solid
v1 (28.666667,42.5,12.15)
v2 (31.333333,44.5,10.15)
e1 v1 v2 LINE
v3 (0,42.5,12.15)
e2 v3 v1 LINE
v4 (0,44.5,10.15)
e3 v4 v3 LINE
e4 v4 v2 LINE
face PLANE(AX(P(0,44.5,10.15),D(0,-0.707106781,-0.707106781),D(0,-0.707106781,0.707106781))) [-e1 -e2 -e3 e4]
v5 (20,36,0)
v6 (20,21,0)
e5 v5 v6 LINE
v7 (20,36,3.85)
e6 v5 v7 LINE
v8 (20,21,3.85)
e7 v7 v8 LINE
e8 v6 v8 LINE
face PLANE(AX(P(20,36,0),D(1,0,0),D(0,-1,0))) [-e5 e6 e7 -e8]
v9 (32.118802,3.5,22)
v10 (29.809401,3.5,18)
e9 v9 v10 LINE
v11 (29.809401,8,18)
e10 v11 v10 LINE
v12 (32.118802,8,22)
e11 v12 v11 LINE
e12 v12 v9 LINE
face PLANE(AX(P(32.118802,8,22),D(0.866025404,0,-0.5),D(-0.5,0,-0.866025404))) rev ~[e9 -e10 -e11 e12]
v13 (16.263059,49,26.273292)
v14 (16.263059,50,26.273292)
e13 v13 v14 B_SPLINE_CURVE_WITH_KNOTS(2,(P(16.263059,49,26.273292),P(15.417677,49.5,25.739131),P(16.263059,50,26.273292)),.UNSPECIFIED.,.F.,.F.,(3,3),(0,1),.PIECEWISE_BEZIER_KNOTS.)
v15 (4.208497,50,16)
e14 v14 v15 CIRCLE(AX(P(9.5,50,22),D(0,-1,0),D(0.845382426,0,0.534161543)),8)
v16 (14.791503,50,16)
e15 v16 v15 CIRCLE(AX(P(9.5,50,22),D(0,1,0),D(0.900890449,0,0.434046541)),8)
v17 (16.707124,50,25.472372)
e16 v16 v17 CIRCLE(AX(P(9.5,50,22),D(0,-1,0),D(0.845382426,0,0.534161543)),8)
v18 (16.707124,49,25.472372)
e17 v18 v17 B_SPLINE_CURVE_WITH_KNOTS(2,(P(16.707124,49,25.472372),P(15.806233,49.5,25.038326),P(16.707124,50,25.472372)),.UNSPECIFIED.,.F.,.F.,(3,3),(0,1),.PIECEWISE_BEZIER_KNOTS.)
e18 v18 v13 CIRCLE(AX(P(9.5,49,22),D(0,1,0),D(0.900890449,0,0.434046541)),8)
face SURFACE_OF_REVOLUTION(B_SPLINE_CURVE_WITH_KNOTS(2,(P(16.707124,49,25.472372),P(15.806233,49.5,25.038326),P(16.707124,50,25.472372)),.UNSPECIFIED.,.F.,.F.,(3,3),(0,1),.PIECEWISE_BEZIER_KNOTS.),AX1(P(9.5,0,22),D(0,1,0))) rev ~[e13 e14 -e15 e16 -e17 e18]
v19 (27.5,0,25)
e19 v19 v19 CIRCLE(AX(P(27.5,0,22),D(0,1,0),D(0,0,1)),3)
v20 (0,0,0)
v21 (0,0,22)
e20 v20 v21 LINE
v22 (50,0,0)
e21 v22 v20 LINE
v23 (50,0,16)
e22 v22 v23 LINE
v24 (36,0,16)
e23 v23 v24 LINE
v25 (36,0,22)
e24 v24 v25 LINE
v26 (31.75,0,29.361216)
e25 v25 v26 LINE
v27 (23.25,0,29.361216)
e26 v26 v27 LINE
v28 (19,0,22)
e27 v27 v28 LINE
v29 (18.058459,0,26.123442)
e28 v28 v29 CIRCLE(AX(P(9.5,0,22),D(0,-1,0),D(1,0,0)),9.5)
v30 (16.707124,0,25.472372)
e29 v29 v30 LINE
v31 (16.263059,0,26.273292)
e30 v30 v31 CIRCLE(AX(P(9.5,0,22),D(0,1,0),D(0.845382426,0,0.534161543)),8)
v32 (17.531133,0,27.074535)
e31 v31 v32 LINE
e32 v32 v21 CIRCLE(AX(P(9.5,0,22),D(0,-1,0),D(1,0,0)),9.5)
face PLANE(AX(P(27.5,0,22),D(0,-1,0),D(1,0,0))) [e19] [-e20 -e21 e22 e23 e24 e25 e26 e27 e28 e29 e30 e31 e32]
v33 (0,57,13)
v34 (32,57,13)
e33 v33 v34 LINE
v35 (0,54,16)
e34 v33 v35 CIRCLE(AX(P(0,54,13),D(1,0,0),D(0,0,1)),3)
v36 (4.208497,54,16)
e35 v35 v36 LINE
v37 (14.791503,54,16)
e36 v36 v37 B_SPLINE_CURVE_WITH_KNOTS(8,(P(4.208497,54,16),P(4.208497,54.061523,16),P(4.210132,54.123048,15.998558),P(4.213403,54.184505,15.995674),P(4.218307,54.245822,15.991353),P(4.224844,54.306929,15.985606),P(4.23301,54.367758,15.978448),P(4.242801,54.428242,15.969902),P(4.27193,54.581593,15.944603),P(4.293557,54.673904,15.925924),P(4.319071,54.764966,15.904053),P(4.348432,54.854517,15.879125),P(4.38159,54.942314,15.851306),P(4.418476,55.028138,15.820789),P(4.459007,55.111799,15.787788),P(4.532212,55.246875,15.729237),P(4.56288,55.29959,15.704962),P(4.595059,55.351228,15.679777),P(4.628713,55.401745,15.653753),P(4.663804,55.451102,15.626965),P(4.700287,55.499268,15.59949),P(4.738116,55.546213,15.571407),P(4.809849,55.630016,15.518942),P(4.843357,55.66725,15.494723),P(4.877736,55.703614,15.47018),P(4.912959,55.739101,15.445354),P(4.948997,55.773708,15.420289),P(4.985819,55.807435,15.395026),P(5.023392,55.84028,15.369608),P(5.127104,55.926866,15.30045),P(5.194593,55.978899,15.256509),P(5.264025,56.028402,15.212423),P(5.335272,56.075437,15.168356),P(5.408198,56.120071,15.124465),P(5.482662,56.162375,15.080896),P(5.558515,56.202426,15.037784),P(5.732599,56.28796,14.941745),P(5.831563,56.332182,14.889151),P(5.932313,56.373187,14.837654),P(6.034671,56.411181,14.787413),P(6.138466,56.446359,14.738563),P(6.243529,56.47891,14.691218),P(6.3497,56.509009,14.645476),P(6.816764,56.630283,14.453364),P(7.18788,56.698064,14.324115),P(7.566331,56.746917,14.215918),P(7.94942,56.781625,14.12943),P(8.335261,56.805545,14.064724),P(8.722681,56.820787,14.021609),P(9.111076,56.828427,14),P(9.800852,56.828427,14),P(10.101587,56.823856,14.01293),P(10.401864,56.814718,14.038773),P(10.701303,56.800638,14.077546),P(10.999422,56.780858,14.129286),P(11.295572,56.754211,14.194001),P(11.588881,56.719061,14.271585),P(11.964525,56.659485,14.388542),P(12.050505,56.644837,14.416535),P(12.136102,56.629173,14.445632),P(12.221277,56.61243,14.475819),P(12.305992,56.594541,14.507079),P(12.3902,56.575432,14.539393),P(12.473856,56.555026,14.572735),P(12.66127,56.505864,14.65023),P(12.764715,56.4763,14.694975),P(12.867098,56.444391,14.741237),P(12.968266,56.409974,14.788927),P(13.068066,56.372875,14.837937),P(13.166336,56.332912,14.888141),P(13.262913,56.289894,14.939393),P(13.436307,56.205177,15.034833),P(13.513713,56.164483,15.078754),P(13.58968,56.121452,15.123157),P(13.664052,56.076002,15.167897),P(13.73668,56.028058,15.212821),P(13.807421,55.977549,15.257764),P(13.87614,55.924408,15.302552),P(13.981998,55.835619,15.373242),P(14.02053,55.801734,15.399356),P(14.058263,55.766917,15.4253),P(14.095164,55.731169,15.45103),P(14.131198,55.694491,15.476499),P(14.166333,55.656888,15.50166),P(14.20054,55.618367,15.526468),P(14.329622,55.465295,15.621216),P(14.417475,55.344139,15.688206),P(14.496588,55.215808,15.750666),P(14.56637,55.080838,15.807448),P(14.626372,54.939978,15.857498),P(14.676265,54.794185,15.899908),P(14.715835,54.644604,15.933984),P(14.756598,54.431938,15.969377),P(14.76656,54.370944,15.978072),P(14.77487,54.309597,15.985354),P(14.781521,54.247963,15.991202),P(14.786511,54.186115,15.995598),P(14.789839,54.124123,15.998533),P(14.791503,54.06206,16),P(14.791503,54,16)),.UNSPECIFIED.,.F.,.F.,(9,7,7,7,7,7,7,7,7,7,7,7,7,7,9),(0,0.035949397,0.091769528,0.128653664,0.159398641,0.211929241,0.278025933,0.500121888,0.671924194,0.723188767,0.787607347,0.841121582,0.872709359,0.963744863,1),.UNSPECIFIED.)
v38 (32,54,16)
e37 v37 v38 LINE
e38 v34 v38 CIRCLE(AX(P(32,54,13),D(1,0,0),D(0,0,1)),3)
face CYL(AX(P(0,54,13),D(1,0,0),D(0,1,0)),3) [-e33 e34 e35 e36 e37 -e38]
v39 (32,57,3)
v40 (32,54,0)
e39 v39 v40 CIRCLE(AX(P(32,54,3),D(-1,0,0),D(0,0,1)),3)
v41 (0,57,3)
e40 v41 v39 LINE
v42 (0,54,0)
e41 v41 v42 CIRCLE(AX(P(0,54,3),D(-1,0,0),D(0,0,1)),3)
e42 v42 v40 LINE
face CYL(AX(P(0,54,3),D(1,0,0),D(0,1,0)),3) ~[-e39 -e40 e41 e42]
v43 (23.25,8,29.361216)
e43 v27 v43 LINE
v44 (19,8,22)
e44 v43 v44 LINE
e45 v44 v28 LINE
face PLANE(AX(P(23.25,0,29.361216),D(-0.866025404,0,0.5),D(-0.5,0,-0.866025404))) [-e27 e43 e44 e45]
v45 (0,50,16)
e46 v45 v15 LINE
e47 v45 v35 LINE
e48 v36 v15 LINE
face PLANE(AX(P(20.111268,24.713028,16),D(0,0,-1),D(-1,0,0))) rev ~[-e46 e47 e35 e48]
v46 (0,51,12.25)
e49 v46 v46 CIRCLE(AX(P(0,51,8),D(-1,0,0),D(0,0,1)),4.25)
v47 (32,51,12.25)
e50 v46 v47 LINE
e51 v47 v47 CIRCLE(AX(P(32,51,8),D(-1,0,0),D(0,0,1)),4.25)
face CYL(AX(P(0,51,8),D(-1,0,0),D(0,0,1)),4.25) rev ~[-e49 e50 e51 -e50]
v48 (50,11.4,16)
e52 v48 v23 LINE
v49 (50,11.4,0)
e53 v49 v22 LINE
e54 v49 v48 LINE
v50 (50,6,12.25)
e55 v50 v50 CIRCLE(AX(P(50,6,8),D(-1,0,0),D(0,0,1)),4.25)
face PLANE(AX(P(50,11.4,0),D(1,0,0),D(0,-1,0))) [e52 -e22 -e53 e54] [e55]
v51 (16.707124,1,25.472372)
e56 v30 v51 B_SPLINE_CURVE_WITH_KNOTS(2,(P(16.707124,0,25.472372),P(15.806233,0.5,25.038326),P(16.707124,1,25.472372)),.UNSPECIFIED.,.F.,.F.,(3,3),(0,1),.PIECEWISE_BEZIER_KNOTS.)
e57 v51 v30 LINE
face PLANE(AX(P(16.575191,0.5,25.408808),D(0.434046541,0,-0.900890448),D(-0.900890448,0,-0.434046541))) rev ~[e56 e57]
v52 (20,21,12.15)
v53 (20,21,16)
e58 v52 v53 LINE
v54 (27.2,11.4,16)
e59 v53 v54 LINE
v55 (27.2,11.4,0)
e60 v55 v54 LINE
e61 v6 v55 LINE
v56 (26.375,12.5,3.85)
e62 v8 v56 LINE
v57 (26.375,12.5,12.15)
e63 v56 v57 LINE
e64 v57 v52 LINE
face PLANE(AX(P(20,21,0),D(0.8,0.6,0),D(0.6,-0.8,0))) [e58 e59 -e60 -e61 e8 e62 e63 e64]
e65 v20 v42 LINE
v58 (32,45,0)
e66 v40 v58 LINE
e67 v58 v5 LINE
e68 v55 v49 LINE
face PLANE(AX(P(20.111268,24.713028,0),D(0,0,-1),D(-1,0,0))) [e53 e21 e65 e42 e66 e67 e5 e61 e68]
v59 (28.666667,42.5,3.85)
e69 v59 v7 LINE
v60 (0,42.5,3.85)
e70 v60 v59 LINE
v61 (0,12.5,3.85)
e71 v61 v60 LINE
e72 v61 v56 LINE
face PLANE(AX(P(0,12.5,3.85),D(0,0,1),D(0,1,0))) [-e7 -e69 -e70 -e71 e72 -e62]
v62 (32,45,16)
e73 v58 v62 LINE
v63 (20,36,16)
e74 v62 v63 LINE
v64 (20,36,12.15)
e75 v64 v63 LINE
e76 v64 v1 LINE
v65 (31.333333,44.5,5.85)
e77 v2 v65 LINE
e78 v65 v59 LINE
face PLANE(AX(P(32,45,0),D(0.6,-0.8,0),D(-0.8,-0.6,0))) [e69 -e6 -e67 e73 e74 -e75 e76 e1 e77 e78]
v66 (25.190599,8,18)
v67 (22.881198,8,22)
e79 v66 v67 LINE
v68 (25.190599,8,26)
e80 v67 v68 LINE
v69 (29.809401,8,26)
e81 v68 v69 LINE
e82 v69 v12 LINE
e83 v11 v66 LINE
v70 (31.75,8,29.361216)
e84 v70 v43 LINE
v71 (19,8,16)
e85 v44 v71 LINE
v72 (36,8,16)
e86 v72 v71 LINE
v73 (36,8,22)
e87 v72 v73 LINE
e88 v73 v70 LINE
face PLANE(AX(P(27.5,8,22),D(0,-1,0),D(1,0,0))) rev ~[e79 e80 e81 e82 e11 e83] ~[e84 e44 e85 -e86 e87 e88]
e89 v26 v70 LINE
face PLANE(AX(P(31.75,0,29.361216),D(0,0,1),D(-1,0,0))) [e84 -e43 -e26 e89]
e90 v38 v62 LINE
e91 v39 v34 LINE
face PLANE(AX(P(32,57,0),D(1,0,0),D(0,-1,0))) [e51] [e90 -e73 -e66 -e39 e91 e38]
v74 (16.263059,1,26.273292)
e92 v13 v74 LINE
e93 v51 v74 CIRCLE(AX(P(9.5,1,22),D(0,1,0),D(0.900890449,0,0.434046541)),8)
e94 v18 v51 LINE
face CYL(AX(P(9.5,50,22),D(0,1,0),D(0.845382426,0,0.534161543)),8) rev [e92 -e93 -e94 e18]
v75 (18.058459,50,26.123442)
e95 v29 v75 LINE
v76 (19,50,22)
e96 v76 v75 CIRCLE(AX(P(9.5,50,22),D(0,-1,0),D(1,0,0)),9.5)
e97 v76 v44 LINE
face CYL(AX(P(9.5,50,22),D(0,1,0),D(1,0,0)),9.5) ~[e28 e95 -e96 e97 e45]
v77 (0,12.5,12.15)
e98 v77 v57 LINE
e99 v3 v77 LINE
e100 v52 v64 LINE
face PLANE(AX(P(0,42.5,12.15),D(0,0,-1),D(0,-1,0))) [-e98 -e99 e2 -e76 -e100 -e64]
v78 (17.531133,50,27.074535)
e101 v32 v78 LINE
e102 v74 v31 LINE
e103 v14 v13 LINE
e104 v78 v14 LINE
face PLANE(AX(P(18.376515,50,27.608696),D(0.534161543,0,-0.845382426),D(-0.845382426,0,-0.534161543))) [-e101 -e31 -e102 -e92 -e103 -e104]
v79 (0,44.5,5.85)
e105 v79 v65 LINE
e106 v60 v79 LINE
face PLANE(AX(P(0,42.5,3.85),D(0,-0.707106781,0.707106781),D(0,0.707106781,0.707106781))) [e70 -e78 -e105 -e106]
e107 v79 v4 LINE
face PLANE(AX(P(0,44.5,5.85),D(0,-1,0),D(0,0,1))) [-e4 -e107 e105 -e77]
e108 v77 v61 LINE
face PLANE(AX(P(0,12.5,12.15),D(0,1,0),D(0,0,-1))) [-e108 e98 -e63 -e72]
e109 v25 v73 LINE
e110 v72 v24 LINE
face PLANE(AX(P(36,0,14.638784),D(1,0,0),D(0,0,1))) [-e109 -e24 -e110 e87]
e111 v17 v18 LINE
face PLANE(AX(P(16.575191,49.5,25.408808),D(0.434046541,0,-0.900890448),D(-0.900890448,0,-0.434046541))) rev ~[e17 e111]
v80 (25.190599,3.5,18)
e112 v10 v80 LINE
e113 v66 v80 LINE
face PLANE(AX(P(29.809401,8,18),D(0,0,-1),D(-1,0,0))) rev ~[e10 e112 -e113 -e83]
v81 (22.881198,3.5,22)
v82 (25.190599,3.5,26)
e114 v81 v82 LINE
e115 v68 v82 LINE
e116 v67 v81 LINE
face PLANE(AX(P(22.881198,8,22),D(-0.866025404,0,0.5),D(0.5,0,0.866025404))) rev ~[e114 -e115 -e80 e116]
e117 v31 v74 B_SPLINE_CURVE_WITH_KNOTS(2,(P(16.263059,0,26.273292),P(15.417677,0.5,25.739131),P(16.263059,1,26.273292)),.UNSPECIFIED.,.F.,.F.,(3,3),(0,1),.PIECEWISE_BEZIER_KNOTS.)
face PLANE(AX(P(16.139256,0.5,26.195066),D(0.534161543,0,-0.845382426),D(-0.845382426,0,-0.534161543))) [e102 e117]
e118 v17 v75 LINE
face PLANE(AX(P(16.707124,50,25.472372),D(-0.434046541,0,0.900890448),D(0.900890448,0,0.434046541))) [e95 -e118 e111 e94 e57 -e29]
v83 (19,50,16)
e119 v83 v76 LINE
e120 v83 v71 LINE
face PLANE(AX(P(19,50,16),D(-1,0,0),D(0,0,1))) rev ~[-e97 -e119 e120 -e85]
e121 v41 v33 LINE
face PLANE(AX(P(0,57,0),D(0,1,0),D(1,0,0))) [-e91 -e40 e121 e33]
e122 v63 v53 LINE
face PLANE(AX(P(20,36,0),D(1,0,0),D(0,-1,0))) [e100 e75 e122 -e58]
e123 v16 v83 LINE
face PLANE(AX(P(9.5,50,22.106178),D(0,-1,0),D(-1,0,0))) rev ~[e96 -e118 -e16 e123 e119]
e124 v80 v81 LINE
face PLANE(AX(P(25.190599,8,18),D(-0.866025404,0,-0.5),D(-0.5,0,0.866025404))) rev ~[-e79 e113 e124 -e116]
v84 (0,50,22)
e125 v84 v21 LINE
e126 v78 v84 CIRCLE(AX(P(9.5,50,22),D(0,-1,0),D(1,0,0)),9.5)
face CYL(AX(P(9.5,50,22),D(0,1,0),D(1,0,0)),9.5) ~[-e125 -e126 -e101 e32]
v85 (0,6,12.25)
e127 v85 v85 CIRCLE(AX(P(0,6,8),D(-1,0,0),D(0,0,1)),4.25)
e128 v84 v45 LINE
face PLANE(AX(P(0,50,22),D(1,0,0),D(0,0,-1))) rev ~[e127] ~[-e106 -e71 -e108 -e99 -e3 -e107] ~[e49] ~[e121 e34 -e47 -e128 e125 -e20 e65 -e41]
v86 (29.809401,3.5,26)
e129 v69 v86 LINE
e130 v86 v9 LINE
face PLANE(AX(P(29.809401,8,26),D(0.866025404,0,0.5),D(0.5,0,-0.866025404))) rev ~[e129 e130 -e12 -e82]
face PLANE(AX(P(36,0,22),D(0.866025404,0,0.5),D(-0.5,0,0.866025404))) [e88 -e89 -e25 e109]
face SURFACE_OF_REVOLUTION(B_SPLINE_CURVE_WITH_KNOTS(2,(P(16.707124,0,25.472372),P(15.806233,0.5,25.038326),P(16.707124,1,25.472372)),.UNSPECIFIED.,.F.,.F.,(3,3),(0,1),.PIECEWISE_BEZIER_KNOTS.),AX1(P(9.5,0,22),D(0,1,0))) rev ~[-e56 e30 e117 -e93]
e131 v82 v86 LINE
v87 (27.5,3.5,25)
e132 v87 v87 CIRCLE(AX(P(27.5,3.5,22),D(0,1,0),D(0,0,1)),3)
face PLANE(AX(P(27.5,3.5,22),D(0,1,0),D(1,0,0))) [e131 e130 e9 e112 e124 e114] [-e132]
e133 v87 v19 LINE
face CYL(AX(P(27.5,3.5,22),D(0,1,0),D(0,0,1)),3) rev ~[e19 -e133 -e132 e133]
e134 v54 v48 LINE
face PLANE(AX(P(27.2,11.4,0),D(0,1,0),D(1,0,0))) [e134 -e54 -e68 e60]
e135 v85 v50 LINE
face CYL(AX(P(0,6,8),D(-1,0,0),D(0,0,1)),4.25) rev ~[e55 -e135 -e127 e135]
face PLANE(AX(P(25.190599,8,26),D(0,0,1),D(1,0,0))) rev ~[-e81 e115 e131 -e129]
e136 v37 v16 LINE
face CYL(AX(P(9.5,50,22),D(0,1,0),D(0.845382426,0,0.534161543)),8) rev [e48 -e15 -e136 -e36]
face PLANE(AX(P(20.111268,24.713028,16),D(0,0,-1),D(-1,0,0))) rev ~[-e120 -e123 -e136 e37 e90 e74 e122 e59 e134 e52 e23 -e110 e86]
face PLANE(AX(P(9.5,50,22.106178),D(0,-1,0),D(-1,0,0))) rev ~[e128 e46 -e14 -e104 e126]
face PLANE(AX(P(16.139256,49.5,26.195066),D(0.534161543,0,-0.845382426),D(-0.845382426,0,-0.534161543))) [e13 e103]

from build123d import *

# Parameters (mm, degrees)
BOSS_EXTRU_1_DEPTH           = 16
CONG_1_R                     = 3
ESQUISSE2_R                  = 4.25
ENL_V_MAT_EXTRU_1_DEPTH      = 78.491935064
BOSS_EXTRU_3_DEPTH           = 50
ENL_V_MAT_EXTRU_3_DEPTH      = 78.409624725
ENL_V_MAT_EXTRU_3_DEPTH_BACK = 78.409624725
BOSS_EXTRU_4_DEPTH           = 8
ENL_V_MAT_EXTRU_5_DEPTH      = 4.5
ESQUISSE10_R                 = 3
ENL_V_MAT_EXTRU_6_DEPTH      = 80.71511783


with BuildPart() as part:
    # Esquisse1 → Boss.-Extru.1 (new body)
    with BuildSketch(Plane.XY):
        Polygon((0, 0), (0, 57), (32, 57), (32, 45), (20, 36), (20, 21), (27.2, 11.4), (50, 11.4), (50, 0), align=None)
    extrude(amount=BOSS_EXTRU_1_DEPTH)

    # Congé1
    cong_1_edges = [part.edges().sort_by_distance(p)[0] for p in [
        (16, 57, 16),
        (16, 57, 0),
    ]]
    fillet(cong_1_edges, radius=CONG_1_R)

    # Esquisse2 → Enlèv. mat.-Extru.1 (cut, through all)
    with BuildSketch(Plane.ZY):
        with Locations((8, 51)):
            Circle(ESQUISSE2_R)
        with Locations((8, 6)):
            Circle(ESQUISSE2_R)
        Polygon((3.85, 42.5), (5.85, 44.5), (10.15, 44.5), (12.15, 42.5), (12.15, 12.5), (3.85, 12.5), align=None)
    extrude(amount=-ENL_V_MAT_EXTRU_1_DEPTH, mode=Mode.SUBTRACT)

    # Esquisse4 → Boss.-Extru.3 (add)
    with BuildSketch(Plane(origin=(0, 50, 0), x_dir=(1, 0, 0), z_dir=(0, 1, 0))):
        with BuildLine():
            Line((0, -22), (0, -16))
            Line((0, -16), (19, -16))
            Line((19, -16), (19, -22))
            ThreePointArc((19, -22), (9.5, -31.5), (0, -22))
        make_face()
    extrude(amount=-BOSS_EXTRU_3_DEPTH)

    # Esquisse3 → Enlèv. mat.-Extru.3 (cut, two sides)
    with BuildSketch(Plane(origin=(0, 50, 0), x_dir=(1, 0, 0), z_dir=(0, 1, 0))) as enl_v_mat_extru_3_sk:
        with BuildLine():
            Line((16.707123586, -25.472372332), (18.897371319, -26.527627668))
            Line((18.897371319, -26.527627668), (18.376515469, -27.608696206))
            Line((18.376515469, -27.608696206), (16.263059405, -26.273292348))
            ThreePointArc((16.263059405, -26.273292348), (2.5034386, -18.120808257), (16.707123586, -25.472372332))
        make_face()
    extrude(amount=ENL_V_MAT_EXTRU_3_DEPTH, mode=Mode.SUBTRACT)
    extrude(enl_v_mat_extru_3_sk.sketch, amount=-ENL_V_MAT_EXTRU_3_DEPTH_BACK, mode=Mode.SUBTRACT)

    # Esquisse7 → Boss.-Extru.4 (add)
    with BuildSketch(Plane.XZ):
        Polygon((31.75, 14.638784068), (36, 22), (31.75, 29.361215932), (23.25, 29.361215932), (19, 22), (23.25, 14.638784068), align=None)
        Polygon((36, 14.638784068), (36, 22), (31.75, 14.638784068), align=None)
        Polygon((19, 14.638784068), (23.25, 14.638784068), (19, 22), align=None)
    extrude(amount=-BOSS_EXTRU_4_DEPTH)

    # Esquisse8 → Enlèv. mat.-Extru.5 (cut)
    with BuildSketch(Plane(origin=(0, 8, 0), x_dir=(1, 0, 0), z_dir=(0, 1, 0))):
        Polygon((32.118802154, -22), (29.809401077, -18), (25.190598923, -18), (22.881197846, -22), (25.190598923, -26), (29.809401077, -26), align=None)
    extrude(amount=-ENL_V_MAT_EXTRU_5_DEPTH, mode=Mode.SUBTRACT)

    # Esquisse10 → Enlèv. mat.-Extru.6 (cut, through all)
    with BuildSketch(Plane(origin=(0, 3.5, 0), x_dir=(1, 0, 0), z_dir=(0, 1, 0))):
        with Locations(Location((27.5, -22, 0), (0, 0, 270))):
            Circle(ESQUISSE10_R)
    extrude(amount=-ENL_V_MAT_EXTRU_6_DEPTH, mode=Mode.SUBTRACT)

    # Balayage1: sweep along a curve in space
    with BuildLine() as balayage1_path:
        ThreePointArc((16.707123586, 0, 25.472372332), (2.5034386, 0, 18.120808257), (16.263059405, 0, 26.273292348))
    # Esquisse11 → Balayage1 (sweep)
    with BuildSketch(Plane(origin=(-7.22393592, 0, 11.432849379), x_dir=(-0.8453824255948864, 0, -0.5341615434447772), z_dir=(0.5341615434447772, 0, -0.8453824255948864))):
        with BuildLine():
            Line((-27.782686999, 50), (-27.782686999, 49))
            add(Edge.make_bspline(
                [(-27.782686999, 50), (-26.782686999, 49.5), (-27.782686999, 49)],
                knots=[0, 0, 0, 1, 1, 1], degree=2))
        make_face()
        with BuildLine():
            Line((-27.782686999, 0), (-27.782686999, 1))
            add(Edge.make_bspline(
                [(-27.782686999, 0), (-26.782686999, 0.5), (-27.782686999, 1)],
                knots=[0, 0, 0, 1, 1, 1], degree=2))
        make_face()
    sweep(path=balayage1_path.line)


solid = part.part
